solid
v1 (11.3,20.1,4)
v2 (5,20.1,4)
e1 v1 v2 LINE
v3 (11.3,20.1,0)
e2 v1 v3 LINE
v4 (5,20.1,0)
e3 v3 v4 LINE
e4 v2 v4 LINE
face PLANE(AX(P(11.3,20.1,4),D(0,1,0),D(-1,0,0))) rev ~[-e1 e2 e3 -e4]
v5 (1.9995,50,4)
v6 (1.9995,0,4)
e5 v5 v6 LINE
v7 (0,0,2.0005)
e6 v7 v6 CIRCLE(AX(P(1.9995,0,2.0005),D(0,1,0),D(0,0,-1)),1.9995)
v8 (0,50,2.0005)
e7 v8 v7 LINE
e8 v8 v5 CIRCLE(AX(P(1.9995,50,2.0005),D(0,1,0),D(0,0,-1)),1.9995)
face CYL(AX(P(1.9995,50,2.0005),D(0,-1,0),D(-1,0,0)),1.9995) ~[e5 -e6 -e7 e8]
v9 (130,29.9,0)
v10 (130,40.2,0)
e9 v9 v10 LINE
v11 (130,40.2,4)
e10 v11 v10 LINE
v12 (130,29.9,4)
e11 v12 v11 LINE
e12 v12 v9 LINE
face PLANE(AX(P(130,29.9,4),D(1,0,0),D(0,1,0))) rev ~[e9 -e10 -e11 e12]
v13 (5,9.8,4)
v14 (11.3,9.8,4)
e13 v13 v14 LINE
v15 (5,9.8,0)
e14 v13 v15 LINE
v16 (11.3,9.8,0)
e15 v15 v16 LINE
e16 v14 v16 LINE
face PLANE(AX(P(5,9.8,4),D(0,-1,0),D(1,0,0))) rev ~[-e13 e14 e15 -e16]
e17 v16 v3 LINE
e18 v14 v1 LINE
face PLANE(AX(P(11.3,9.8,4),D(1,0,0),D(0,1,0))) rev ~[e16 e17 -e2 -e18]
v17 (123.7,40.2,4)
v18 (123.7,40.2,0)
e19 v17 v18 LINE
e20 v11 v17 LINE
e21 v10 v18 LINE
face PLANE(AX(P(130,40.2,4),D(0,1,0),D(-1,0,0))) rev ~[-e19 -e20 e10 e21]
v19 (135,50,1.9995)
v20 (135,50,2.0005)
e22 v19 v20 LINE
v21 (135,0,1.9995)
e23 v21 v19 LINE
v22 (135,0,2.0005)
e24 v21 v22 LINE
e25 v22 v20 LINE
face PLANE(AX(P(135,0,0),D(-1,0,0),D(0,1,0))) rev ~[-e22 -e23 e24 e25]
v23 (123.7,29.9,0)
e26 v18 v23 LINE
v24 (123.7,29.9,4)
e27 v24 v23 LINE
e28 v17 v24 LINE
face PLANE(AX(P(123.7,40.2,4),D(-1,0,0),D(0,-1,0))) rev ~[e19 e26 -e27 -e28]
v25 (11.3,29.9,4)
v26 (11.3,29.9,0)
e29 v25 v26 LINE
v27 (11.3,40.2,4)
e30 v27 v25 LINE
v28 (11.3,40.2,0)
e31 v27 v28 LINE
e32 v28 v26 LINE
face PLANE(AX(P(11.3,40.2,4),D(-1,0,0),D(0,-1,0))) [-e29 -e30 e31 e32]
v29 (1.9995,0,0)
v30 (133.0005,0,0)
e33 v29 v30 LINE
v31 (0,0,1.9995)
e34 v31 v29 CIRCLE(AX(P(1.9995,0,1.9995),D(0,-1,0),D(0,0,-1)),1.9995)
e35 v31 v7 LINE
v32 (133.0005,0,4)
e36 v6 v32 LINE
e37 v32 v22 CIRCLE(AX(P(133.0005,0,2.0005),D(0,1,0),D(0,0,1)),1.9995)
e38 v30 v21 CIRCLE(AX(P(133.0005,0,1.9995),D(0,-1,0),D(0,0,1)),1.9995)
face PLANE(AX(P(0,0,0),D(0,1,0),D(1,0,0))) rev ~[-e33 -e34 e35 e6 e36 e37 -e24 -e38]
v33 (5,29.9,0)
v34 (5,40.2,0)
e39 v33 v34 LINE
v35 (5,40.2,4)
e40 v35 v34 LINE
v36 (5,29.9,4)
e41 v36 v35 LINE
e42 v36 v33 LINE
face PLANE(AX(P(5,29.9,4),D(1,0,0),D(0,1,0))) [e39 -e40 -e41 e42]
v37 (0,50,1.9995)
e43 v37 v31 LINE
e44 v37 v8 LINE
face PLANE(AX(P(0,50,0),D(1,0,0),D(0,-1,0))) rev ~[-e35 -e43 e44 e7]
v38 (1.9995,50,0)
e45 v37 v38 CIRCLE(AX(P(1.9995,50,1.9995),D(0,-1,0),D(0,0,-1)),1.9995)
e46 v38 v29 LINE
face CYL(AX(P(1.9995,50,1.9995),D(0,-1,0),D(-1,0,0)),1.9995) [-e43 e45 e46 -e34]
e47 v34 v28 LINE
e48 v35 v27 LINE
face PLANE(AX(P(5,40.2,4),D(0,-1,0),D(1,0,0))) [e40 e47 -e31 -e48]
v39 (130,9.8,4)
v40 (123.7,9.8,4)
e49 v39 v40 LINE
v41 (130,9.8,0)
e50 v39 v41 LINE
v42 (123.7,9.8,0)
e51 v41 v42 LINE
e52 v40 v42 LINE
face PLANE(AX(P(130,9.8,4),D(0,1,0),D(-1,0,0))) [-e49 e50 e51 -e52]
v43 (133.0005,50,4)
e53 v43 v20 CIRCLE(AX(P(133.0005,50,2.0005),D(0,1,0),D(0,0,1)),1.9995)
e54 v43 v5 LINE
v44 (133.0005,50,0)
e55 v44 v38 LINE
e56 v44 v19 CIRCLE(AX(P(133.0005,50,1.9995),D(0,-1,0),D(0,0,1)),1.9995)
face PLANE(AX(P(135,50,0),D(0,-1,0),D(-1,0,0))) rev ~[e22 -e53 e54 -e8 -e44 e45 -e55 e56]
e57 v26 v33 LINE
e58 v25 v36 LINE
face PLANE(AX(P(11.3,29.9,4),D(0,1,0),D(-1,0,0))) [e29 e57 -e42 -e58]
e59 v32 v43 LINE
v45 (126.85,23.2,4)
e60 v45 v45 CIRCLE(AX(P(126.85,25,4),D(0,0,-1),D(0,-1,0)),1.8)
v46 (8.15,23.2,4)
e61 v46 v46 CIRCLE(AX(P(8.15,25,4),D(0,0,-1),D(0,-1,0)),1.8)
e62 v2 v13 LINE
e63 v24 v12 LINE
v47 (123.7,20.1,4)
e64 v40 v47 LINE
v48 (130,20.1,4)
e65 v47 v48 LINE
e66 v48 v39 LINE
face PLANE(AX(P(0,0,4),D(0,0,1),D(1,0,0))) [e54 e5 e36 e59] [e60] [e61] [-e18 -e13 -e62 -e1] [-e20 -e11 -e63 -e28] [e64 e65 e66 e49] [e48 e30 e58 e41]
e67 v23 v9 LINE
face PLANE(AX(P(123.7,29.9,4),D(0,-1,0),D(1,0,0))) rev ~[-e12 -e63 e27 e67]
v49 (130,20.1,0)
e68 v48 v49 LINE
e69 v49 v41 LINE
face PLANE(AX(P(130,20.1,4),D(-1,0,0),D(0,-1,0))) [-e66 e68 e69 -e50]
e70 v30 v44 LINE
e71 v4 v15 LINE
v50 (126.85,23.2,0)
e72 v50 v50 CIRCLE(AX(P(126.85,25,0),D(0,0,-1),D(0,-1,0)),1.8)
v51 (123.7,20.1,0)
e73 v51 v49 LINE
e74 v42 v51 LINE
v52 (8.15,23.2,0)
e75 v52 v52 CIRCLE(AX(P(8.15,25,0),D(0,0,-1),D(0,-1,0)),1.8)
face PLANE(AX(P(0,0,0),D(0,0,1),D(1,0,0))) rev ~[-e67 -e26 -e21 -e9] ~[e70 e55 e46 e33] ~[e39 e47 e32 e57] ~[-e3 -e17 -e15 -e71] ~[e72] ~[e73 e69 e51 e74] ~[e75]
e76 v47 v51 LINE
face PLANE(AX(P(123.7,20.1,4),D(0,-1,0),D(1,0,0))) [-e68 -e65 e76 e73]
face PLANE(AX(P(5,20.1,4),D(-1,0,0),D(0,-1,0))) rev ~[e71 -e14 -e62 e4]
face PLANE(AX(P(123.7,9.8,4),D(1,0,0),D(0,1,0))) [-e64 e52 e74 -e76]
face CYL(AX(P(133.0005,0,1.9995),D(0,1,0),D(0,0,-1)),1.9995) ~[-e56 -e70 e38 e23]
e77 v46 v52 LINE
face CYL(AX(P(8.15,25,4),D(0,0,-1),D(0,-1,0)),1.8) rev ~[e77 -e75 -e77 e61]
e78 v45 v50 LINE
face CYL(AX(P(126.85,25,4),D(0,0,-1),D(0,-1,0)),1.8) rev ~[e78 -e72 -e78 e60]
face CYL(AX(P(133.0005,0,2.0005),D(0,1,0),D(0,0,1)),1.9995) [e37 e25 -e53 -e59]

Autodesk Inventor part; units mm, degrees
ref_plane "YZ Plane" through (0, 0, 0) normal (1, 0, 0) x (0, 1, 0)
ref_plane "XZ Plane" through (0, 0, 0) normal (0, 1, 0) x (-1, 0, 0)
ref_plane "XY Plane" through (0, 0, 0) normal (0, 0, 1) x (1, 0, 0)
sketch "スケッチ1" plane through (0, 0, 0) normal (0, 0, 1) x (1, 0, 0)
  line L0 (0, 0) -> (135, 0)
  line L1 (135, 0) -> (135, 50)
  line L2 (135, 50) -> (0, 50)
  line L3 (0, 50) -> (0, 0)
  dimension "d0" = 135
  dimension "d1" = 50
extrude "押し出し1" add sketch "スケッチ1" along normal blind 4
sketch "スケッチ2" plane through (0, 0, 4) normal (0, 0, 1) x (1, 0, 0)
  line L0 (5, 40.2) -> (11.3, 40.2)
  line L1 (11.3, 40.2) -> (11.3, 29.9)
  line L2 (11.3, 29.9) -> (5, 29.9)
  line L3 (5, 29.9) -> (5, 40.2)
  line L4 (135, 50) -> (0, 50) projected
  line L5 (0, 50) -> (0, 0) projected
  line L6 (0, 25) -> (135, 25)
  line L7 (135, 0) -> (135, 50) projected
  line L8 (67.5, 50) -> (67.5, 0)
  line L9 (0, 0) -> (135, 0) projected
  line L10 (5, 9.8) -> (11.3, 9.8)
  line L11 (11.3, 9.8) -> (11.3, 20.1)
  line L12 (11.3, 20.1) -> (5, 20.1)
  line L13 (5, 20.1) -> (5, 9.8)
  line L14 (130, 40.2) -> (123.7, 40.2)
  line L15 (123.7, 40.2) -> (123.7, 29.9)
  line L16 (123.7, 29.9) -> (130, 29.9)
  line L17 (130, 29.9) -> (130, 40.2)
  line L18 (135, 25) -> (0, 25)
  line L19 (130, 9.8) -> (123.7, 9.8)
  line L20 (123.7, 9.8) -> (123.7, 20.1)
  line L21 (123.7, 20.1) -> (130, 20.1)
  line L22 (130, 20.1) -> (130, 9.8)
  dimension "d4" = 6.3
  dimension "d5" = 10.3
  dimension "d6" = 9.8
  dimension "d7" = 5
extrude "押し出し2" cut sketch "スケッチ2" against normal blind 10 contours L0 L1 L2 L3 | L13 L12 L11 L10 | L17 L16 L15 L14 | L19 L20 L21 L22
sketch "スケッチ3" plane through (0, 0, 4) normal (0, 0, 1) x (1, 0, 0)
  line L0 (11.3, 29.9) -> (5, 29.9) projected
  line L1 (0, 50) -> (0, 0) projected
  line L2 (135, 50) -> (0, 50) projected
  line L3 (67.5, 50) -> (67.5, 0)
  line L4 (0, 0) -> (135, 0) projected
  point P0 (8.15, 25)
  point P1 (126.85, 25)
  dimension "d10" = 4.9
  dimension "d11" = 8.15
hole "穴1" at (8.15, 25, 4) at (126.85, 25, 4) direction (0, 0, -1) diameter 3.6 depth 4.5
fillet "フィレット1" radius 2 4 edges at (0, 25, 4) (0, 25, 0) (135, 25, 4) (135, 25, 0)
properties part number "menteB"
